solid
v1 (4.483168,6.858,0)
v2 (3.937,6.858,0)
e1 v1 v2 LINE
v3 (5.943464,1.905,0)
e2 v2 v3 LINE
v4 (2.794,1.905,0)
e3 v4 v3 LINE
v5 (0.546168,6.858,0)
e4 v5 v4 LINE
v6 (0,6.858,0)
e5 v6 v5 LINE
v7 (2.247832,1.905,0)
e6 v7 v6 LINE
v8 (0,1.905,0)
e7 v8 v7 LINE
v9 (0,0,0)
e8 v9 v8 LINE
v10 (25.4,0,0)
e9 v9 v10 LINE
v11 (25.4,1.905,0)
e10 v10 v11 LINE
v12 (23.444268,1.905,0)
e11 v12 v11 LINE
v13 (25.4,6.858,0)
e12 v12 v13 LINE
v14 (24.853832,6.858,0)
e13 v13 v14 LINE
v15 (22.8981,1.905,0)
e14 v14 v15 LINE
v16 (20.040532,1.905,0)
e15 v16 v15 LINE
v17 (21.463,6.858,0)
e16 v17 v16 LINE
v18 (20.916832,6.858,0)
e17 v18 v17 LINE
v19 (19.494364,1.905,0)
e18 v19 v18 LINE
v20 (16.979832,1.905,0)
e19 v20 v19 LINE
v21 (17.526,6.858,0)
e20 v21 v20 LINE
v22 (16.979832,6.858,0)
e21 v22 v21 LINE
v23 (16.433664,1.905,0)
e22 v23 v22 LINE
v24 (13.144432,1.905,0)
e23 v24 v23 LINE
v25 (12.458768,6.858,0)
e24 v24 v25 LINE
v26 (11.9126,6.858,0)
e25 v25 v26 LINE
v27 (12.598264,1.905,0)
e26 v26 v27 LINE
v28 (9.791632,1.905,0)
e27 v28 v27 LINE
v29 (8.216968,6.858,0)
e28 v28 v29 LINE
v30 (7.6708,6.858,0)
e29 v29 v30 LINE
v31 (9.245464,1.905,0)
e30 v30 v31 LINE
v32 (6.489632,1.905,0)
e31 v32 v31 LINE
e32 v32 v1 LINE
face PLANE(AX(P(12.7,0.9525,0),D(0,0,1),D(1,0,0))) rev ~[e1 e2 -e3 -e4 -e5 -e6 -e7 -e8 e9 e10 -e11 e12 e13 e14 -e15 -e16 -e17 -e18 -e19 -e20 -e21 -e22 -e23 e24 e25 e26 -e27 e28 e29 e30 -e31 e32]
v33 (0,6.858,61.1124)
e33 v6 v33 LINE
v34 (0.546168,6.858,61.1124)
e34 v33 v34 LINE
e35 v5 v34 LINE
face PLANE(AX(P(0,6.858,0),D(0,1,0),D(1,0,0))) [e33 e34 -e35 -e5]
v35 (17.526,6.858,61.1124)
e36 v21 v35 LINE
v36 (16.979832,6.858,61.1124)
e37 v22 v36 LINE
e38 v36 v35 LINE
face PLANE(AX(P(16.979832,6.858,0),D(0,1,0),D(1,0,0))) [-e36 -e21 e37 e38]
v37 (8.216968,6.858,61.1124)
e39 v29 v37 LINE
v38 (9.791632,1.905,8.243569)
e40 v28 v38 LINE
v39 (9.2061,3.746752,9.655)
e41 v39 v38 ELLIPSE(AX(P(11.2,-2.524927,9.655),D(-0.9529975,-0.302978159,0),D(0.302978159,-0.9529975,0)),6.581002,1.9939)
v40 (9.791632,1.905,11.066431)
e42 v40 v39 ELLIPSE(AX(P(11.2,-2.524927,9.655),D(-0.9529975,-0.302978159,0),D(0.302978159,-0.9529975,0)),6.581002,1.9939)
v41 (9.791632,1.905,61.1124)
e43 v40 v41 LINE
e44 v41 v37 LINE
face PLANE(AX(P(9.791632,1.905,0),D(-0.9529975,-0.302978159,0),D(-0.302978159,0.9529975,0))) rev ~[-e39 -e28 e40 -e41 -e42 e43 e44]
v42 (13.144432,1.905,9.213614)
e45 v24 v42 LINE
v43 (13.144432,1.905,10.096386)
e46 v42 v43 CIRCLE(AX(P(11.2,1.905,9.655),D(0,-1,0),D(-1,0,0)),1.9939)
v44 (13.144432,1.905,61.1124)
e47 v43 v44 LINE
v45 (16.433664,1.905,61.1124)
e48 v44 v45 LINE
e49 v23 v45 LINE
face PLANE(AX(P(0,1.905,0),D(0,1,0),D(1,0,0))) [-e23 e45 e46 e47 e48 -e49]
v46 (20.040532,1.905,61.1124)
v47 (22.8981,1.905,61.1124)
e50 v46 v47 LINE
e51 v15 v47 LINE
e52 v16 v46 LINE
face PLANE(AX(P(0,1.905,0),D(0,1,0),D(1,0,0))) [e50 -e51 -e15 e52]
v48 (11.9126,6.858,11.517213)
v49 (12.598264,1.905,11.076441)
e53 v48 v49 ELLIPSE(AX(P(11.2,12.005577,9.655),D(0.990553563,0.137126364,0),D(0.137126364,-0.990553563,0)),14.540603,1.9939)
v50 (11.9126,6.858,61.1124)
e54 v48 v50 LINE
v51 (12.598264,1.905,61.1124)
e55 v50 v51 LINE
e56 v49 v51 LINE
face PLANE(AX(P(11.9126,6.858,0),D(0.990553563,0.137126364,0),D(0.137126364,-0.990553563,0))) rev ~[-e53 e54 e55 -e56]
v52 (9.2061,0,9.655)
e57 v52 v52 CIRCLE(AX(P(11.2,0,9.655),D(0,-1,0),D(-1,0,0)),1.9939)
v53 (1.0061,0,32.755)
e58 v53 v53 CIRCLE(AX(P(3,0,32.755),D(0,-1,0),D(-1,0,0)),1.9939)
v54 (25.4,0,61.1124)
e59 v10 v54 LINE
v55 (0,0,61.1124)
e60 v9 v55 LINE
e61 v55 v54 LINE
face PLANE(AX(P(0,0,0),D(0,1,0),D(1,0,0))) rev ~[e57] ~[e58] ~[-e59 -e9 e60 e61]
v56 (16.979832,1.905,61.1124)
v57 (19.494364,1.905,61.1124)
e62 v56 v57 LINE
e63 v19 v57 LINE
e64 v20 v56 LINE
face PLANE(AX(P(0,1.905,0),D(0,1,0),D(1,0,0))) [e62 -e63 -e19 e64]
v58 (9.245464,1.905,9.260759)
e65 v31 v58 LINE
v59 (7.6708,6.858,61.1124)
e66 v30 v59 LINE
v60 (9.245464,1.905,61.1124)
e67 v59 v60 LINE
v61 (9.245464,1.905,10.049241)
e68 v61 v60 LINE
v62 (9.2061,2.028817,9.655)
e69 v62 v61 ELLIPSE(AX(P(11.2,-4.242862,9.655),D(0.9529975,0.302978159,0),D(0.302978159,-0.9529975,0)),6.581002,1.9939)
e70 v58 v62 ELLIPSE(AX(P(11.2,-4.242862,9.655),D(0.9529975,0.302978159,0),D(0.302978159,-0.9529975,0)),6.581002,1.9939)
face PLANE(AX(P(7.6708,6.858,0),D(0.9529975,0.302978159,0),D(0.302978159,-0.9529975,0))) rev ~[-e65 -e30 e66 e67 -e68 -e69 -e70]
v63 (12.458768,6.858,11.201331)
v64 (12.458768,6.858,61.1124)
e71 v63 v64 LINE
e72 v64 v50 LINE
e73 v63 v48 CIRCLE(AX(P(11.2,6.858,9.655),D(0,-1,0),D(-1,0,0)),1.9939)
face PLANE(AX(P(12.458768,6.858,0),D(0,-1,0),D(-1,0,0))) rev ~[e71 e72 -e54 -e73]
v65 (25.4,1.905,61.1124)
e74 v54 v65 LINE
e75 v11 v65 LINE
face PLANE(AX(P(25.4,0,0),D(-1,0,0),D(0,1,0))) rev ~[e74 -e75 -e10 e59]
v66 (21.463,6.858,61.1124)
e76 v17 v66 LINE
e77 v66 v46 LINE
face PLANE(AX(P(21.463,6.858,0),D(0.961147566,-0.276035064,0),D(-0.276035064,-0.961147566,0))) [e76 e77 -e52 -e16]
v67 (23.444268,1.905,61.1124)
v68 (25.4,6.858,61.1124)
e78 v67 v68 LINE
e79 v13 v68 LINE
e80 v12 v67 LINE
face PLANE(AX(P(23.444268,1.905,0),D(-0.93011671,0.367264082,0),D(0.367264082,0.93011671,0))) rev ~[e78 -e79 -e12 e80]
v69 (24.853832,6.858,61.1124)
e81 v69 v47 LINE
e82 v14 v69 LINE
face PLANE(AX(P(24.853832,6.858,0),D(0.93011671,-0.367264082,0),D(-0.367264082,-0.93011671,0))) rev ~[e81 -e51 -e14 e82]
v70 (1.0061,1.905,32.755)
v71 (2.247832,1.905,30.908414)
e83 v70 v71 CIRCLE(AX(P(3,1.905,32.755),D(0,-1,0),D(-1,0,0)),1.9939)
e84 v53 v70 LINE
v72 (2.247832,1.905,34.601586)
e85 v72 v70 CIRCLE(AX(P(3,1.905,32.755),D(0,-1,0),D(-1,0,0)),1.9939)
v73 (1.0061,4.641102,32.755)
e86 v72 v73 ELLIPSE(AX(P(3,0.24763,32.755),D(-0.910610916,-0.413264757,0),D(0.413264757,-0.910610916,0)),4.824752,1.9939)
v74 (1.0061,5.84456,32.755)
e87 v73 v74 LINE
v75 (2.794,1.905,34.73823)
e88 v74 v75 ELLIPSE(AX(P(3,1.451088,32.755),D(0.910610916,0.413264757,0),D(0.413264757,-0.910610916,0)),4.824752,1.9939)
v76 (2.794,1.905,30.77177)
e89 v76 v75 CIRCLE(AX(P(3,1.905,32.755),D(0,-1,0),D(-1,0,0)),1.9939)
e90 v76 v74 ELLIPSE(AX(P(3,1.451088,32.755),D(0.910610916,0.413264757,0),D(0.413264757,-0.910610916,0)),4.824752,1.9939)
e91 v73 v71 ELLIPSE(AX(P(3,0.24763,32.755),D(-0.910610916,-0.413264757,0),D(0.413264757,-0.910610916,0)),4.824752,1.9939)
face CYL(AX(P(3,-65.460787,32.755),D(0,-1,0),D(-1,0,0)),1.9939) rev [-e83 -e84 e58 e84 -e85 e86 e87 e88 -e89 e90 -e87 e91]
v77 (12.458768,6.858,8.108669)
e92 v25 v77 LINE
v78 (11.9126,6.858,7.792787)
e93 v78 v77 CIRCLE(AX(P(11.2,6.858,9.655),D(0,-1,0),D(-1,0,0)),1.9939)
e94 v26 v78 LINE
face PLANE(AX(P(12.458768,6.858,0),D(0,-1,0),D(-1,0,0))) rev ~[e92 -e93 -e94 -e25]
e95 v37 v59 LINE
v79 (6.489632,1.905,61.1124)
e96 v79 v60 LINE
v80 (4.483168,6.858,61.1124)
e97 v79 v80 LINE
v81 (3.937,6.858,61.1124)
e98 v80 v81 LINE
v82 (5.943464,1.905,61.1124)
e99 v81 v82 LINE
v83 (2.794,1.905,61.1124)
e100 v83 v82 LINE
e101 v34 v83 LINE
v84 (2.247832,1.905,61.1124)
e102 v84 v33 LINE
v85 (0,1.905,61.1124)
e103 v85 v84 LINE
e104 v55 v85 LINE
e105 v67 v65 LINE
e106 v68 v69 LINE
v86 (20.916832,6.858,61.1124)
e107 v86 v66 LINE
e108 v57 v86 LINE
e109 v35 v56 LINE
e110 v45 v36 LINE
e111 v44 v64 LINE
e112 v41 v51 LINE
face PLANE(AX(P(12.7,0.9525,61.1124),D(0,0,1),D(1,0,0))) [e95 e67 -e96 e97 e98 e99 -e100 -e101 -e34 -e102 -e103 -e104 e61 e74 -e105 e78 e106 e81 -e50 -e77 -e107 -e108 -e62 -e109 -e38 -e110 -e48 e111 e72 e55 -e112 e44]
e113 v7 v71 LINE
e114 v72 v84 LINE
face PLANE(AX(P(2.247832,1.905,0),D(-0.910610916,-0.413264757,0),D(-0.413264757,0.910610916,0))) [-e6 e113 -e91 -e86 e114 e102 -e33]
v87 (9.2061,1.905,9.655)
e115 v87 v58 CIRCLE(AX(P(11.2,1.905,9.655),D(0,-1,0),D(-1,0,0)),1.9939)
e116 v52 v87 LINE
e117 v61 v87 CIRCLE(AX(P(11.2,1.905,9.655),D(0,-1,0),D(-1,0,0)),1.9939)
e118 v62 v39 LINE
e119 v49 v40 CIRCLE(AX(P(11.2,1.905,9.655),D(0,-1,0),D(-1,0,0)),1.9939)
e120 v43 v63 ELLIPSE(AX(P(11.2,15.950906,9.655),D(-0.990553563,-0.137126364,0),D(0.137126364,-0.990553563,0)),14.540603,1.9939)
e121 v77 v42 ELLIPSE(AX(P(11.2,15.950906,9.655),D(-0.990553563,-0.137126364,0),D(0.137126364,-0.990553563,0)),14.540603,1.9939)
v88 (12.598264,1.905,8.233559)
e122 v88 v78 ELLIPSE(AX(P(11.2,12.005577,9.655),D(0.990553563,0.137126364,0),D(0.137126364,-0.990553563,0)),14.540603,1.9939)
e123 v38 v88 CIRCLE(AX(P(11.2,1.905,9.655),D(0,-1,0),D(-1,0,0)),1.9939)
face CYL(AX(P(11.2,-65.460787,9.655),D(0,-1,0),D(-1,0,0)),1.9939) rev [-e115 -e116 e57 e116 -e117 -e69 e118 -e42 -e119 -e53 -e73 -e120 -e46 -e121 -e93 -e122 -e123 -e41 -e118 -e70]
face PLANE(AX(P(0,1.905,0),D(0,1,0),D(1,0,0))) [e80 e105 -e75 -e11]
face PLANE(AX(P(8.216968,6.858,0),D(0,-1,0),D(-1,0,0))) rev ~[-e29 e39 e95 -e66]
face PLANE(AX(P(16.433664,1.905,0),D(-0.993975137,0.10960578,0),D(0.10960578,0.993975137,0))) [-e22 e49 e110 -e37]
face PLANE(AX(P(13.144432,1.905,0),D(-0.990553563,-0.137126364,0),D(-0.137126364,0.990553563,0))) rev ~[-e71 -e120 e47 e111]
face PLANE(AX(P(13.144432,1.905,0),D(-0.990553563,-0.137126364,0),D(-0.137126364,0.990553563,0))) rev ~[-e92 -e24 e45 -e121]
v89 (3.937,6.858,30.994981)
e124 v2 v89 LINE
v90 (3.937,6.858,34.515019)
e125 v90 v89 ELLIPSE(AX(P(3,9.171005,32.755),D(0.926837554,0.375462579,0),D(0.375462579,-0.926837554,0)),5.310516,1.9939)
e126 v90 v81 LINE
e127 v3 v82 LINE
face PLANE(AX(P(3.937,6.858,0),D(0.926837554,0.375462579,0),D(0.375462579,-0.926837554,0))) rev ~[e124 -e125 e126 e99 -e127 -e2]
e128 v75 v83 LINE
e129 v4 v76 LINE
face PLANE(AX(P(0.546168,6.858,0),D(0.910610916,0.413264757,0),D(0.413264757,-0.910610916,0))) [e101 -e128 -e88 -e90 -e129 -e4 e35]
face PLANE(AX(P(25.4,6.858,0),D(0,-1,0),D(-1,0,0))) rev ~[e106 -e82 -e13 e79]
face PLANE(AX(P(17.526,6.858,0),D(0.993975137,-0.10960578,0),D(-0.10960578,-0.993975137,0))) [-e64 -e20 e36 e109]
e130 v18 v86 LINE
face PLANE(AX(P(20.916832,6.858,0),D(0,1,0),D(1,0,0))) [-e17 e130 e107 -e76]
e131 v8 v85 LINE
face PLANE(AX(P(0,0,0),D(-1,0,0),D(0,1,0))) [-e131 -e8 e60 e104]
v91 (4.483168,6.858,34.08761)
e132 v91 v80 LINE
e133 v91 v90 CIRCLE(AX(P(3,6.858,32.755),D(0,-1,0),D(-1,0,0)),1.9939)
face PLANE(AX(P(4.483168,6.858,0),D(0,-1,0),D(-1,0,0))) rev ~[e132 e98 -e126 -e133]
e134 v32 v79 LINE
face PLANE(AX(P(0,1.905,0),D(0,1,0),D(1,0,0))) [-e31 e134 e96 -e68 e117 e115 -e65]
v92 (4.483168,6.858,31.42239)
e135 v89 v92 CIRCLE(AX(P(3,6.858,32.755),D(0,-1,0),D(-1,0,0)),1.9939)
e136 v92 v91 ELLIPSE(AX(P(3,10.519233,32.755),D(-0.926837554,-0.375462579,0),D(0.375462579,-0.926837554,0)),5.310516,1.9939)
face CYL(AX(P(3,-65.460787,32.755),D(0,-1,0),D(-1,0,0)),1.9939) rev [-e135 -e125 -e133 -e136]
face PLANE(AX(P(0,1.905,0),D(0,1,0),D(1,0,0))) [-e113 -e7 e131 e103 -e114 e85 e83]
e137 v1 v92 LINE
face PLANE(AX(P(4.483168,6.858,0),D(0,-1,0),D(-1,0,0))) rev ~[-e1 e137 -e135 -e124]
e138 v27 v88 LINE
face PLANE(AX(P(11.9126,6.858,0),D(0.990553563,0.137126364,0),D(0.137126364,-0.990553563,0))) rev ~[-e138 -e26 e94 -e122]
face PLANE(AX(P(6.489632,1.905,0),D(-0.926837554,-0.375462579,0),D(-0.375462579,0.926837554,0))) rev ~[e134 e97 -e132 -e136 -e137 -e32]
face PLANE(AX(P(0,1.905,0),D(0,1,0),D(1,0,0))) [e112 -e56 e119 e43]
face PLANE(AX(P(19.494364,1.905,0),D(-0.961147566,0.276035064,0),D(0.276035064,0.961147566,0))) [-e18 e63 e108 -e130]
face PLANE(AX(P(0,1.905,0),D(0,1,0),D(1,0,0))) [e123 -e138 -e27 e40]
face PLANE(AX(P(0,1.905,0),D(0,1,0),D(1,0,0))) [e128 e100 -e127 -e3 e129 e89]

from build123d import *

# Parameters (mm, degrees)
SKETCH1_W               = 25.4
SKETCH1_H               = 1.905
BASE_DEPTH              = 61.1124
FINS_DEPTH              = 61.1124
CUT_EXTRUDE1_DEPTH      = 67.365786688
CUT_EXTRUDE1_DEPTH_BACK = 67.365786688
SKETCH3_R               = 1.9939


with BuildPart() as part:
    # Sketch1 → Base (new body)
    with BuildSketch(Plane.XY):
        with Locations((12.7, 0.9525)):
            Rectangle(SKETCH1_W, SKETCH1_H)
    extrude(amount=BASE_DEPTH)

    # Sketch2 → Fins (add)
    with BuildSketch(Plane(origin=(0, 0, 0), x_dir=(-1, 0, 0), z_dir=(0, 0, -1))):
        Polygon((-23.444268018, 1.905), (-25.4, 6.858), (-24.853831982, 6.858), (-22.8981, 1.905), align=None)
        Polygon((-20.040531982, 1.905), (-19.494363964, 1.905), (-20.916831982, 6.858), (-21.463, 6.858), align=None)
        Polygon((-16.979831982, 1.905), (-16.433663964, 1.905), (-16.979831982, 6.858), (-17.526, 6.858), align=None)
        Polygon((-2.794, 1.905), (-2.247831982, 1.905), (0, 6.858), (-0.546168018, 6.858), align=None)
        Polygon((-12.458768018, 6.858), (-11.9126, 6.858), (-12.598263964, 1.905), (-13.144431982, 1.905), align=None)
        Polygon((-8.216968018, 6.858), (-7.6708, 6.858), (-9.245463964, 1.905), (-9.791631982, 1.905), align=None)
        Polygon((-4.483168018, 6.858), (-3.937, 6.858), (-5.943463964, 1.905), (-6.489631982, 1.905), align=None)
    extrude(amount=-FINS_DEPTH)

    # Sketch3 → Cut-Extrude1 (cut, two sides: drawn at the far end of the back side and taken through both)
    with BuildSketch(Plane(origin=(0, 1.905, 0), x_dir=(1, 0, 0), z_dir=(0, 1, 0)).offset(-CUT_EXTRUDE1_DEPTH_BACK)):
        with Locations(Location((11.2, -9.655, 0), (0, 0, 180))):
            Circle(SKETCH3_R)
        with Locations(Location((3, -32.755, 0), (0, 0, 180))):
            Circle(SKETCH3_R)
    extrude(amount=CUT_EXTRUDE1_DEPTH + CUT_EXTRUDE1_DEPTH_BACK, mode=Mode.SUBTRACT)


solid = part.part
